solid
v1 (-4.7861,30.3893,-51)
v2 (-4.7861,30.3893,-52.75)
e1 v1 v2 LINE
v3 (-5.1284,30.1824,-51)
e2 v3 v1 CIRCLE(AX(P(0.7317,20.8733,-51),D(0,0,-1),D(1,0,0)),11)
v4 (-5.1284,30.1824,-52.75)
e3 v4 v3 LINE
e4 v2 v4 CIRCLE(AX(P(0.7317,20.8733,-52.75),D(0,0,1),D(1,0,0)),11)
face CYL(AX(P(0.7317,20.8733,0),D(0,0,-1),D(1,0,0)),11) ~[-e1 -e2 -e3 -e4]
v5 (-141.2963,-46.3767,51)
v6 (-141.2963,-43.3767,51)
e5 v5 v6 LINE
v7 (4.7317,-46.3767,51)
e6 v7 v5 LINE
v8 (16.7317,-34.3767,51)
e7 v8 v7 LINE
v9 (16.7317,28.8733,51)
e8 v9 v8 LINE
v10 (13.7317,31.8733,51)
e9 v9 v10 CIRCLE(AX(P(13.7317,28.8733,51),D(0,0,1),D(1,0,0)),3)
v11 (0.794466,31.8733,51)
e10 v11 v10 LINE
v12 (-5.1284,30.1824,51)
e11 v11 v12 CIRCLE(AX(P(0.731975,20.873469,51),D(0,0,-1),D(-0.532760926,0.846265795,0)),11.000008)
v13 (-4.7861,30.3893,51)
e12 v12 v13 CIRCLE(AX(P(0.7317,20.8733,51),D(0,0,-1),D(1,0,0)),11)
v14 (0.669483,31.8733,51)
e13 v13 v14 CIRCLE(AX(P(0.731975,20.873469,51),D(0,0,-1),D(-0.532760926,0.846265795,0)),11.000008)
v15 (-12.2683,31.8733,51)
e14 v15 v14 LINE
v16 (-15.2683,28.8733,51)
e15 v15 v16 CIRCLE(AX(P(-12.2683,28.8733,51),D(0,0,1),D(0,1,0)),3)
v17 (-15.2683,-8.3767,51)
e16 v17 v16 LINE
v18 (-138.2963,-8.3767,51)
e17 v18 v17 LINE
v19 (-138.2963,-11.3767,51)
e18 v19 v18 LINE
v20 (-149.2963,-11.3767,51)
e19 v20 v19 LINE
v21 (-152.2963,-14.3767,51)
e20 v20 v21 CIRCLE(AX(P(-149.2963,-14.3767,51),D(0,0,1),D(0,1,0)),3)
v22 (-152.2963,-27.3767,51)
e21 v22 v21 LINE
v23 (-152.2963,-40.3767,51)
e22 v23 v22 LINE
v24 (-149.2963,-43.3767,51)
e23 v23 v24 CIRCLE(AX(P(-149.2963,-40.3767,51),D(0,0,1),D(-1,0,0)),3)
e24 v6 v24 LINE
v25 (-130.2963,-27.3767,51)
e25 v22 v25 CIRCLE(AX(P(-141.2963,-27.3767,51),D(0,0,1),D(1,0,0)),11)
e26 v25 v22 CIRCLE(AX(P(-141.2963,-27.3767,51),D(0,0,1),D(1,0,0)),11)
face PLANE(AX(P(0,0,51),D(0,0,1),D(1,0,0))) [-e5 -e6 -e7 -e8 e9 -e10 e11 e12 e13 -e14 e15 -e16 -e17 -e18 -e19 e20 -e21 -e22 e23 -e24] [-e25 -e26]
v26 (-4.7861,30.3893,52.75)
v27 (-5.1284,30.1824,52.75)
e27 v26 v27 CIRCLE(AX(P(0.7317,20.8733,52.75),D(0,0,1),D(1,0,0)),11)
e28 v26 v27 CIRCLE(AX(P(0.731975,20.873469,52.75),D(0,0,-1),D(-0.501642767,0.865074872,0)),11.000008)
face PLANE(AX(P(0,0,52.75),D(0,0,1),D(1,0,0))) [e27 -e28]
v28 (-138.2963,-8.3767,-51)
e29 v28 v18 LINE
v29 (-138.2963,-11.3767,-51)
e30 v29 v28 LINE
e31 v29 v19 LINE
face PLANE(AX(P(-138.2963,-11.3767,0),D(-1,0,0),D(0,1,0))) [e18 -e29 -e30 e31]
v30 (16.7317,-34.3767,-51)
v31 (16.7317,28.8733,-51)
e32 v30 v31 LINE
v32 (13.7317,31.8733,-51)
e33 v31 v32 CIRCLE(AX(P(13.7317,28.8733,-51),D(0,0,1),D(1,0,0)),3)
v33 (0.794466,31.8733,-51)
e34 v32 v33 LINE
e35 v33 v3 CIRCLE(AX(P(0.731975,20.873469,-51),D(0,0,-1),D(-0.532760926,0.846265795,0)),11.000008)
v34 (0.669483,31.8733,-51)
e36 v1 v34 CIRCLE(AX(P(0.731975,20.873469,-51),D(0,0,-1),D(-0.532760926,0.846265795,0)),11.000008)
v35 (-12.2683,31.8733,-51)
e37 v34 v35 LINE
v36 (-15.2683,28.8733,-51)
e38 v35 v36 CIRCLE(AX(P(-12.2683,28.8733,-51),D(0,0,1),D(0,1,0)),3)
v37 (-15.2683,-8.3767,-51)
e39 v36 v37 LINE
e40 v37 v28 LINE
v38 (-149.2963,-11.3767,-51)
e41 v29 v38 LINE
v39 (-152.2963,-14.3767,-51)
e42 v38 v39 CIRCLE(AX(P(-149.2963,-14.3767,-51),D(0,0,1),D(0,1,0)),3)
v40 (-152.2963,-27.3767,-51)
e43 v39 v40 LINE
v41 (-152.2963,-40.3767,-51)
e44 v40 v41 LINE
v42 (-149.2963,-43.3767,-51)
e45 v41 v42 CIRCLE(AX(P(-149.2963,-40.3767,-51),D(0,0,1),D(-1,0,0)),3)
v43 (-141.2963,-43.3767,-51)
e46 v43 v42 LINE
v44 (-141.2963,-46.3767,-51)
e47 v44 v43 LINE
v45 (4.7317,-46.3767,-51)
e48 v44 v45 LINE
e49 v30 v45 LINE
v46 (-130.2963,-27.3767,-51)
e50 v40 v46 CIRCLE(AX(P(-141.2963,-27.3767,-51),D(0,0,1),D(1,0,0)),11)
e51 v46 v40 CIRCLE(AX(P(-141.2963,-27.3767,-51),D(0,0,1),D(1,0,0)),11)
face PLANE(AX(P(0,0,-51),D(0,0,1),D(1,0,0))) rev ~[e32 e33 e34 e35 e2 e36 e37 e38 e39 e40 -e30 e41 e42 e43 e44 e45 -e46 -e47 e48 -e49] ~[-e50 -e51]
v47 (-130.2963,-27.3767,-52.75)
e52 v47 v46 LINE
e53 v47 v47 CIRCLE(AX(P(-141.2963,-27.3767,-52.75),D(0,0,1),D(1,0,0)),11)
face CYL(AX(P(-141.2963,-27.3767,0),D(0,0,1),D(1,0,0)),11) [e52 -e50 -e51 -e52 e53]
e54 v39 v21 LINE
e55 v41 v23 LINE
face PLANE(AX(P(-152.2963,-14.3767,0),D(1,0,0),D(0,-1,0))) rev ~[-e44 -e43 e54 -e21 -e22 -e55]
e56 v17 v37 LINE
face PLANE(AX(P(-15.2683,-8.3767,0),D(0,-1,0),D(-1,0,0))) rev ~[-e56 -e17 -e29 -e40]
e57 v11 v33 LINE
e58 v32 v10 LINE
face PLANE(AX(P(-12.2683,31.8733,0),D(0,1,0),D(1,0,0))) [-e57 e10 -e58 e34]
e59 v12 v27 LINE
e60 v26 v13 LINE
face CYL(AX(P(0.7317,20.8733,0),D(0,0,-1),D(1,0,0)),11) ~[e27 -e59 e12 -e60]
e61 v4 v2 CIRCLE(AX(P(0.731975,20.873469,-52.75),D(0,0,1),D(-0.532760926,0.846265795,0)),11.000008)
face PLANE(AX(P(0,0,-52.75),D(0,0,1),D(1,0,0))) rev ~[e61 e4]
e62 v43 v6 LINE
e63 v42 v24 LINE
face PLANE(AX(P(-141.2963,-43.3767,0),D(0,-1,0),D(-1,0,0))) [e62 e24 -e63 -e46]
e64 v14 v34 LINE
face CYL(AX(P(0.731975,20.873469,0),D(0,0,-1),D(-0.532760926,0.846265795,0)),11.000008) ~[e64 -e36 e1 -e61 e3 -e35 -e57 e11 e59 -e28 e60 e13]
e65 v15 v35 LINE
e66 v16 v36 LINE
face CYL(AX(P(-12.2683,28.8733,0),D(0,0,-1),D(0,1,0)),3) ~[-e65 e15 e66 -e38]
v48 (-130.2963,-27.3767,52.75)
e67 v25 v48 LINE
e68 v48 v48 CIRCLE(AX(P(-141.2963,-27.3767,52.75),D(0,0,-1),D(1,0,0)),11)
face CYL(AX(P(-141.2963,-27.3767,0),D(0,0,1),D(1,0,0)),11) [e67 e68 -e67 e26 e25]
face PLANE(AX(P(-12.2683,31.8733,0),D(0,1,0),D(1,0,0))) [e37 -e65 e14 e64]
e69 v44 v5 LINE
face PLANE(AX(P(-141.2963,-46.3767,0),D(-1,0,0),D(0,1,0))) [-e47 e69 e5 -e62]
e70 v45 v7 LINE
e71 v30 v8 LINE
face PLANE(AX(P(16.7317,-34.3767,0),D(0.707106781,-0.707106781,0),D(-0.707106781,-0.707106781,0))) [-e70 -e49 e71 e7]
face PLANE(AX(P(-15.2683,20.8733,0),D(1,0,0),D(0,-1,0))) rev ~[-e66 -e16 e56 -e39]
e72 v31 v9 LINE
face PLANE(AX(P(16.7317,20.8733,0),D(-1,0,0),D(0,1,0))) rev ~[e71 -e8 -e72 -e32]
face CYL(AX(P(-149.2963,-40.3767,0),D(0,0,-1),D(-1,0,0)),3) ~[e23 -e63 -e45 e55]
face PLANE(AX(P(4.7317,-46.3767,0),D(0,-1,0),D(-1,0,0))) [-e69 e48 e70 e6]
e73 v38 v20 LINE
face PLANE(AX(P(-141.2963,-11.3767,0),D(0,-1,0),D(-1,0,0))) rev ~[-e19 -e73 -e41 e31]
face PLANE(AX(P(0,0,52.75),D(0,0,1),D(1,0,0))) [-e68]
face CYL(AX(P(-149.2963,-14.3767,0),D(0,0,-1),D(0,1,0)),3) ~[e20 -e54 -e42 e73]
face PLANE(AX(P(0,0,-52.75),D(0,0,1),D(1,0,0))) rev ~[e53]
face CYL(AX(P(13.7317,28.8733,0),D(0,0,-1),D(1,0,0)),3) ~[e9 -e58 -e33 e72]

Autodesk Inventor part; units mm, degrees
ref_plane "YZ Plane" through (0, 0, 0) normal (1, 0, 0) x (0, 1, 0)
ref_plane "XZ Plane" through (0, 0, 0) normal (0, 1, 0) x (-1, 0, 0)
ref_plane "XY Plane" through (0, 0, 0) normal (0, 0, 1) x (1, 0, 0)
sketch "Sketch1" plane through (0, 0, 0) normal (0, 0, 1) x (1, 0, 0)
  arc A0 (-5.1284, 30.1824) -> (-4.7861, 30.3893) centre (0.7317, 20.8733) ccw
  circle A1 centre (0.7317, 20.8733) radius 11
  circle A2 centre (-141.2963, -27.3767) radius 11
  line L0 (-141.2963, -27.3767) -> (0.7317, -27.3767)
  line L1 (0.7317, -27.3767) -> (0.7317, 20.8733)
  line L2 (-70.2823, -27.3767) -> (-70.2823, -8.3767)
  line L3 (-70.2823, -27.3767) -> (-70.2823, -46.3767)
  line L4 (-141.2963, -11.3767) -> (-149.2963, -11.3767)
  line L5 (-152.2963, -14.3767) -> (-152.2963, -27.3767)
  line L6 (-152.2963, -27.3767) -> (-152.2963, -40.3767)
  line L7 (-141.2963, -11.3767) -> (-138.2963, -11.3767)
  line L8 (-138.2963, -11.3767) -> (-138.2963, -8.3767)
  line L9 (-138.2963, -8.3767) -> (-70.2823, -8.3767)
  line L10 (-141.2963, -46.3767) -> (-70.2823, -46.3767)
  line L11 (-12.2683, 31.8733) -> (13.7317, 31.8733)
  line L12 (4.7317, -46.3767) -> (-70.2823, -46.3767)
  line L13 (-15.2683, -8.3767) -> (-70.2823, -8.3767)
  line L14 (-141.2963, -46.3767) -> (-141.2963, -43.3767)
  line L15 (-141.2963, -43.3767) -> (-149.2963, -43.3767)
  line L16 (-15.2683, 20.8733) -> (-15.2683, -8.3767)
  line L17 (-15.2683, 20.8733) -> (-15.2683, 28.8733)
  line L18 (-12.2683, 31.8733) -> (-12.2683, 31.8733)
  line L19 (16.7317, 20.8733) -> (16.7317, 28.8733)
  line L20 (16.7317, 20.8733) -> (16.7317, -34.3767)
  line L21 (16.7317, -34.3767) -> (4.7317, -46.3767)
  arc A3 (-149.2963, -11.3767) -> (-152.2963, -14.3767) centre (-149.2963, -14.3767) ccw
  arc A4 (-152.2963, -40.3767) -> (-149.2963, -43.3767) centre (-149.2963, -40.3767) ccw
  arc A5 (-12.2683, 31.8733) -> (-15.2683, 28.8733) centre (-12.2683, 28.8733) ccw
  arc A6 (16.7317, 28.8733) -> (13.7317, 31.8733) centre (13.7317, 28.8733) ccw
  point P0 (16.7317, -46.3767)
  dimension "d8" = 22
  dimension "d9" = 19
  dimension "d10" = 16
  dimension "d12" = 19
  dimension "d15" = 3
  dimension "d17" = 16
  dimension "d18" = 16
  dimension "d19" = 12
  dimension "d20" = 12
  dimension "d21" = 3
  dimension "d22" = 3
extrude "Extrusion1" add sketch "Sketch1" along normal mid plane 102
extrude "Extrusion4" add sketch "Sketch1" along normal mid plane 105.5 contours A1 A0 | A2
equation "\"d20\" = d19"
properties part number "Bicep"
